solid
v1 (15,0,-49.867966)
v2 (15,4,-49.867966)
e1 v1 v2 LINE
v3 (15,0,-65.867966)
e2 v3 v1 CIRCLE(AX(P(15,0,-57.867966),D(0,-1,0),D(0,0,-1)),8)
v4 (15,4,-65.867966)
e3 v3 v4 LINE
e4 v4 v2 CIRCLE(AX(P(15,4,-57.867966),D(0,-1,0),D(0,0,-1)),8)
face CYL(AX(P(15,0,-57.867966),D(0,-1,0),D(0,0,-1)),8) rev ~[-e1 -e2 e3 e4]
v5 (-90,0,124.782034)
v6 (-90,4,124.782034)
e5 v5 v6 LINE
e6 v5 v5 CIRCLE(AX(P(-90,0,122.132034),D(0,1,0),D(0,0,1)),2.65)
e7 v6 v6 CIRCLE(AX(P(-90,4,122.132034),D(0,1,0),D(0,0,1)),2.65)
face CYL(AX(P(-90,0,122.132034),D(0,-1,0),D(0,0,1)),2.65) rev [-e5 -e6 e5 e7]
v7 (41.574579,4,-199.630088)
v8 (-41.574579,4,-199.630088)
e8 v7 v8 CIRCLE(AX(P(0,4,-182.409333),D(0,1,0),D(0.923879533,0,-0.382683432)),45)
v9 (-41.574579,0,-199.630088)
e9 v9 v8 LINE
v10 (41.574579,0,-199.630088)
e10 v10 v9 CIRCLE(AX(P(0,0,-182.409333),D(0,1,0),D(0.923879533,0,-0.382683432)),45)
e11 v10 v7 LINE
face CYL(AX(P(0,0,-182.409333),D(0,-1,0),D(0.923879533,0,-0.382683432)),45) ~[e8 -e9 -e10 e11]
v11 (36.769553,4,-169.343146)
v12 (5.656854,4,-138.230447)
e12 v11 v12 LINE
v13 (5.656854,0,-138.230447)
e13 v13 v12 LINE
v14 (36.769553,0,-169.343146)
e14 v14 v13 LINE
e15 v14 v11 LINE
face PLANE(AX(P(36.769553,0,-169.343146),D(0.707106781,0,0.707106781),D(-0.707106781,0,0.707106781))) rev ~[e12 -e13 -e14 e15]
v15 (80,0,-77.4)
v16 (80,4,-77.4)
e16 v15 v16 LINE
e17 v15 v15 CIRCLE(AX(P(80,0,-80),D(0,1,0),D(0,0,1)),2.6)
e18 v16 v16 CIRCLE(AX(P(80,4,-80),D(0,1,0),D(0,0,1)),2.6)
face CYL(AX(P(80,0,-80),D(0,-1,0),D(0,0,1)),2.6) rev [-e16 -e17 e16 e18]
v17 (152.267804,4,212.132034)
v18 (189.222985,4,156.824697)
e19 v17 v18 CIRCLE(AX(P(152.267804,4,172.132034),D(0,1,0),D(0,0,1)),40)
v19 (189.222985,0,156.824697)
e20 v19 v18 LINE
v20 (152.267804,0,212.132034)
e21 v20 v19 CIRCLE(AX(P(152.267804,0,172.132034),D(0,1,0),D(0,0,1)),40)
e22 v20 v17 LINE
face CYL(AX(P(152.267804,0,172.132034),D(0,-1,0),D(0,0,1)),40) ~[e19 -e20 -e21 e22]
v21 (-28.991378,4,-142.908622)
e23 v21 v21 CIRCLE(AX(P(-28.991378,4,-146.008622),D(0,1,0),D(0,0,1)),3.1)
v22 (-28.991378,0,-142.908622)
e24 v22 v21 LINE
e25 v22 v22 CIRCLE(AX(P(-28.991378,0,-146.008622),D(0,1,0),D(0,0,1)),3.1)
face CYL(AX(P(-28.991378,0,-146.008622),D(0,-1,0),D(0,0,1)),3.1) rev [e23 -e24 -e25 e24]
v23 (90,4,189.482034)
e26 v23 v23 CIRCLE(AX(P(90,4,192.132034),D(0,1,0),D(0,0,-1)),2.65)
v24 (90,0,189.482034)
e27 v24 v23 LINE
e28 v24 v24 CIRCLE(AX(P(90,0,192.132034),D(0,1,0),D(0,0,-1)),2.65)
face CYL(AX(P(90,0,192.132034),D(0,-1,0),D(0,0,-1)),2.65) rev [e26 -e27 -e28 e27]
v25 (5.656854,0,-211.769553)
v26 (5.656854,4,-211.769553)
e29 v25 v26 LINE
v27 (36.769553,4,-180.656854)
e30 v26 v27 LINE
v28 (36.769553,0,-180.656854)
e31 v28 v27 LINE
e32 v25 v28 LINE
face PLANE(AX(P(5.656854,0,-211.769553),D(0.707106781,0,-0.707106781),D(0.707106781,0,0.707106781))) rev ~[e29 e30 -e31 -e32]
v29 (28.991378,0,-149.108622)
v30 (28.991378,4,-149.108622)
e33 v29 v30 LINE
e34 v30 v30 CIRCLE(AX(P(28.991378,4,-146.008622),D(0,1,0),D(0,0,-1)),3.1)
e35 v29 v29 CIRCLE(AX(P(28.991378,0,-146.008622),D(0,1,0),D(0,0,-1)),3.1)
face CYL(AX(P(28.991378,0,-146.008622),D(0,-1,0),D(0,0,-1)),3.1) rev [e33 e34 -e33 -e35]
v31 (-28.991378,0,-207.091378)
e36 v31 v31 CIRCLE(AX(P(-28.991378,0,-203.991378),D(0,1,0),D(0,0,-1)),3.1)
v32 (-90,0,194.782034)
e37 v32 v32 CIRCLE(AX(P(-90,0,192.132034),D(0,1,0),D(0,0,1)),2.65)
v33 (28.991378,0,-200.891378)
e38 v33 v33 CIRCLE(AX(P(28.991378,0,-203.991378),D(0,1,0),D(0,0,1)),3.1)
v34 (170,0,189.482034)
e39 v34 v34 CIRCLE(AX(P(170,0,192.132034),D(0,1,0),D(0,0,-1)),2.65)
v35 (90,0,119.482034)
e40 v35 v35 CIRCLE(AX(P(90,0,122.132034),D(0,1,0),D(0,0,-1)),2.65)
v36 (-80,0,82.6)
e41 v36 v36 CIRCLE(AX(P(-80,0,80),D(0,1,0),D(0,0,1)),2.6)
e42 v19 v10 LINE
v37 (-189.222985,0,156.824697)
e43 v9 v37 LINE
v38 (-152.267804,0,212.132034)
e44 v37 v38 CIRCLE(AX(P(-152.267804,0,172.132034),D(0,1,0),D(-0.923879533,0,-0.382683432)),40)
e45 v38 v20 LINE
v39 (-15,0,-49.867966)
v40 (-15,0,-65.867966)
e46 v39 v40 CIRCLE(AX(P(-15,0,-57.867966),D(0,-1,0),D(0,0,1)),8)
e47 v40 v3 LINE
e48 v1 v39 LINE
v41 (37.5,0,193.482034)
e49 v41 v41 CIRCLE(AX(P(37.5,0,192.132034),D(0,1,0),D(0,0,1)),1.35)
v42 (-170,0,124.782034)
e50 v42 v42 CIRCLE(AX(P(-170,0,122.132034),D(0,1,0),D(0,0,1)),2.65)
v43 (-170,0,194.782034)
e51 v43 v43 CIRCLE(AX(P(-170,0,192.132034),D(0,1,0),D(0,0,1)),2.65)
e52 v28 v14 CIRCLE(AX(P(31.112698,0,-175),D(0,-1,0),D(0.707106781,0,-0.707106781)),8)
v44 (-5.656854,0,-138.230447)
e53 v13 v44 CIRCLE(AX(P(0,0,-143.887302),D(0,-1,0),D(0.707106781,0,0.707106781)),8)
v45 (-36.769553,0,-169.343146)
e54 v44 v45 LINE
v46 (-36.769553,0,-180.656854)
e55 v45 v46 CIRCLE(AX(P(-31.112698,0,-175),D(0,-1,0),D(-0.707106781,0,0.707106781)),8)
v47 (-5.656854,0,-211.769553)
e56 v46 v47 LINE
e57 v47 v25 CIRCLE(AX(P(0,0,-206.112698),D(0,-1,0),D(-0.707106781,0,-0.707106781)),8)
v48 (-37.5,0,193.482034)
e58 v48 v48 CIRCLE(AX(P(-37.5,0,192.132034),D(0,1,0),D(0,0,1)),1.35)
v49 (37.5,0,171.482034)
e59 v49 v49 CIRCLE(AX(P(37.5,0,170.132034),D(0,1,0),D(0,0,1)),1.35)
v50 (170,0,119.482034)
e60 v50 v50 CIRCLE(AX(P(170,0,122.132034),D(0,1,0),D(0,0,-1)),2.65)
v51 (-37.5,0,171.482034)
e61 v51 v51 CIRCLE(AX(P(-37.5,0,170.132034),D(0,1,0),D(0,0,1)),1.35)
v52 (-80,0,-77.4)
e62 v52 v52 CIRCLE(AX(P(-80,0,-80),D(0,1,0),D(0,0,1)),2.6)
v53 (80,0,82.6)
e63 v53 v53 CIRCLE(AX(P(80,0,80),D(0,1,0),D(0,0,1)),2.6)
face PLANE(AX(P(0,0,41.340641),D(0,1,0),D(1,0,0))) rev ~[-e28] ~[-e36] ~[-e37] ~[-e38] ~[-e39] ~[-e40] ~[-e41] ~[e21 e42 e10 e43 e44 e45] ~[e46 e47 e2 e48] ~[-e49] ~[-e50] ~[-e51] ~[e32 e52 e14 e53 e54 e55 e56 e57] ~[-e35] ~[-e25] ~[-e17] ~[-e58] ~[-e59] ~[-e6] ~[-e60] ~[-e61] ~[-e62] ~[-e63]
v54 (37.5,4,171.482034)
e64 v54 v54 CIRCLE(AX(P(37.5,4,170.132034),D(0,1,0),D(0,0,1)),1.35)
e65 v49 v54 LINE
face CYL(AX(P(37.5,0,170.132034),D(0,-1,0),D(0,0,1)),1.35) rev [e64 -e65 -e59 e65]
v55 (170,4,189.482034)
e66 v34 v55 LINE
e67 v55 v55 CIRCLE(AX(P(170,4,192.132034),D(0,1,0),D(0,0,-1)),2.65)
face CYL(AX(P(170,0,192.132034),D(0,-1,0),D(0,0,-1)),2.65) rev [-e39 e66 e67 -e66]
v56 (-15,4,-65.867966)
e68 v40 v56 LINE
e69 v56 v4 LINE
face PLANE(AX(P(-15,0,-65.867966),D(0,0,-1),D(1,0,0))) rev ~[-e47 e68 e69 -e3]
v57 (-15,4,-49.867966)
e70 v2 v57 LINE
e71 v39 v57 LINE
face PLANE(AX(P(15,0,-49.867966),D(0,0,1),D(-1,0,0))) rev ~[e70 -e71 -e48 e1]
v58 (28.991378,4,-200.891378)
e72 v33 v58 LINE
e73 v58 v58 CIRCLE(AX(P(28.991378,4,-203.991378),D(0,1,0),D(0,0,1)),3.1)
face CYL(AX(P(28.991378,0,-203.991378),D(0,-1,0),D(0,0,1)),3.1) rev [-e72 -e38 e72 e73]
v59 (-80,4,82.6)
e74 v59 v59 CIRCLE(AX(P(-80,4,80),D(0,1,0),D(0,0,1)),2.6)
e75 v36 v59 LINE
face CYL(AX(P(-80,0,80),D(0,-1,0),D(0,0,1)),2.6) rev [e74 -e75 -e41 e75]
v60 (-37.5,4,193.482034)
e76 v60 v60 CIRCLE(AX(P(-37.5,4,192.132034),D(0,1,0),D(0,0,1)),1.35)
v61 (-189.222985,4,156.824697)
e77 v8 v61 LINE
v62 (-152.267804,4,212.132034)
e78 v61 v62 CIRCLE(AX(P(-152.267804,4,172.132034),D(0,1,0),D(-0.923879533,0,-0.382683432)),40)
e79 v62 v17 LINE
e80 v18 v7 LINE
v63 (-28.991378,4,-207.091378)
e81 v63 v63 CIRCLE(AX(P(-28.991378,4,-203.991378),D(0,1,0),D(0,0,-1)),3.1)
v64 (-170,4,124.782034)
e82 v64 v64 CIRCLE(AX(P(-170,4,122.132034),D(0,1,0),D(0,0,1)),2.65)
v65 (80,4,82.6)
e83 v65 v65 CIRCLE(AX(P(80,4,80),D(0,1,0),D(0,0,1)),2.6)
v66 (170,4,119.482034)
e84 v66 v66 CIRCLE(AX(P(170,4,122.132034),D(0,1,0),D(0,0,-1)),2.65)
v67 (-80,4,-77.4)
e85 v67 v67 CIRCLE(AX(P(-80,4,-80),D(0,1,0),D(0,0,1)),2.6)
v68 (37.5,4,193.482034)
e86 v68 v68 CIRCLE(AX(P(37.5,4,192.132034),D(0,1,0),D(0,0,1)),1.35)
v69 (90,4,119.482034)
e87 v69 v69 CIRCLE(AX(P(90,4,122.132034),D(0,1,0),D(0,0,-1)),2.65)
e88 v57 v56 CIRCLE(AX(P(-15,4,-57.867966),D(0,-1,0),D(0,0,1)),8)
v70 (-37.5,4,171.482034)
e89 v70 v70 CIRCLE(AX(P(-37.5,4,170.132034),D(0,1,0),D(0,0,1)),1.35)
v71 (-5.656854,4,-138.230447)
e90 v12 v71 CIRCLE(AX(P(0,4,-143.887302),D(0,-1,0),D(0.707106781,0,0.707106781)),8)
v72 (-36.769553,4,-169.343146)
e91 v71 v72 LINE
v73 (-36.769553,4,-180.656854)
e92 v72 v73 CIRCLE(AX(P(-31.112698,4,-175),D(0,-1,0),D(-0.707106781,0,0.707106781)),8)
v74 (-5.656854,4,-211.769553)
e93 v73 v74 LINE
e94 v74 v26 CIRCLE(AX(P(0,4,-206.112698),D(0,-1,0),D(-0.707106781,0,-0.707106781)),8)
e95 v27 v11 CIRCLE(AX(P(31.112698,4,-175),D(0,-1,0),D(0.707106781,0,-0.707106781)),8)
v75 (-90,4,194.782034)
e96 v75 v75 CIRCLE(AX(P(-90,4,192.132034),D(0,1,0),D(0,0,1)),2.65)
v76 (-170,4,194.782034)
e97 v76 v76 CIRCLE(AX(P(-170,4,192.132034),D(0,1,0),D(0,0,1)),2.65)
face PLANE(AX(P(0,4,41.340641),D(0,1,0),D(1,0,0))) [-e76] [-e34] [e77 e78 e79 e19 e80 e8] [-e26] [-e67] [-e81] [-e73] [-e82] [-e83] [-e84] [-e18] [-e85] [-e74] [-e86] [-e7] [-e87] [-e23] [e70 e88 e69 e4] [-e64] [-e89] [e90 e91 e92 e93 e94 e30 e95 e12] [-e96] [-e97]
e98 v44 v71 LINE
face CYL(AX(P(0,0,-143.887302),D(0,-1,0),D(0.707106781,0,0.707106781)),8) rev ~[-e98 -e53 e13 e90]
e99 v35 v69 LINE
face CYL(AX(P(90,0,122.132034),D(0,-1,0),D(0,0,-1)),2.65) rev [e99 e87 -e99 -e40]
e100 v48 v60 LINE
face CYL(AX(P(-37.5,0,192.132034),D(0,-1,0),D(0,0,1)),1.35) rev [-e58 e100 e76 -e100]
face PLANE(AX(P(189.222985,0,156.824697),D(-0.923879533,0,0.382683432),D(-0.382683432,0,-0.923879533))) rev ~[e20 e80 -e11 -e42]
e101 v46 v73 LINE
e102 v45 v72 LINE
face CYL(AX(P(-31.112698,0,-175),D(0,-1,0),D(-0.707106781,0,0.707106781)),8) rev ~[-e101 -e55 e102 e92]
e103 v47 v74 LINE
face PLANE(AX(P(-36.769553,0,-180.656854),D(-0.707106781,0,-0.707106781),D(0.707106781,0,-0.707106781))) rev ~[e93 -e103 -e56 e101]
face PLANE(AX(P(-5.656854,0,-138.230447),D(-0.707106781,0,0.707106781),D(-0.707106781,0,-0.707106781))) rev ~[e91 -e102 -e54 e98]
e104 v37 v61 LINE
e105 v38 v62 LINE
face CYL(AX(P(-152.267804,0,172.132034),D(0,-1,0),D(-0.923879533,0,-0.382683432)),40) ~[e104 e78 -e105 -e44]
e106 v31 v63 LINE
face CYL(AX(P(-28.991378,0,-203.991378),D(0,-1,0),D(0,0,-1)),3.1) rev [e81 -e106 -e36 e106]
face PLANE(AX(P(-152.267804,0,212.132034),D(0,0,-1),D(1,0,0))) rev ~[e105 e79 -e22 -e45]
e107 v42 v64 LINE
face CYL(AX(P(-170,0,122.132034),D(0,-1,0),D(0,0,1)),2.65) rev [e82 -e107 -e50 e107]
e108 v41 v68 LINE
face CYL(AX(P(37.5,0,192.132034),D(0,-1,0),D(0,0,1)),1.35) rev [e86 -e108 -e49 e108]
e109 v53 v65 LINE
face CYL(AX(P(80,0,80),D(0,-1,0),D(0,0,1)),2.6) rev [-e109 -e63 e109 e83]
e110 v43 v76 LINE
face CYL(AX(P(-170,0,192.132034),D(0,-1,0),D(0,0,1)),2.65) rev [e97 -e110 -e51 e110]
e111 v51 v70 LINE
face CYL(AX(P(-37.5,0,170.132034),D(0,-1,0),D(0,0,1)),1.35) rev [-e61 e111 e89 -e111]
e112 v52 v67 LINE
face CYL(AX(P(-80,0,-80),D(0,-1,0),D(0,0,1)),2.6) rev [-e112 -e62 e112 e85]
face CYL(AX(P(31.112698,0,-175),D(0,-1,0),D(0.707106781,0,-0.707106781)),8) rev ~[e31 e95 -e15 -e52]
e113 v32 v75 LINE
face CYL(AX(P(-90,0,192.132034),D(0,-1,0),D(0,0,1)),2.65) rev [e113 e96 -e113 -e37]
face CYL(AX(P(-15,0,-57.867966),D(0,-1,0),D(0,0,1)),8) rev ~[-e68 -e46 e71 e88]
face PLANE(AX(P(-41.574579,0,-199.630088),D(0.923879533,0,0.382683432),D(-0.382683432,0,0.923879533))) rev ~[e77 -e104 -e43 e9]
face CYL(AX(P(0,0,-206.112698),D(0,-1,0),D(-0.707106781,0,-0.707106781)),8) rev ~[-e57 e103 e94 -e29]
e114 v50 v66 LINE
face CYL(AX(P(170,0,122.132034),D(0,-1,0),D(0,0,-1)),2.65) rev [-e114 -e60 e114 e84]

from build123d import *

# Parameters (mm, degrees)
SKETCH_2_R      = 3.1
SKETCH_2_R_2    = 2.65
SKETCH_2_R_3    = 1.35
SKETCH_2_R_4    = 2.6
EXTRUDE_2_DEPTH = 4


with BuildPart() as part:
    # 草图2 → 凸台-拉伸2 (new body)
    with BuildSketch(Plane(origin=(0, 0, 0), x_dir=(1, 0, 0), z_dir=(0, 1, 0))):
        with BuildLine():
            Line((-41.574578963, 199.630087618), (-189.22298515, -156.824697061))
            ThreePointArc((-189.22298515, -156.824697061), (-185.526588341, -194.354843677), (-152.267803849, -212.132034356))
            Line((-152.267803849, -212.132034356), (152.267803849, -212.132034356))
            ThreePointArc((152.267803849, -212.132034356), (185.526588341, -194.354843677), (189.22298515, -156.824697061))
            Line((189.22298515, -156.824697061), (41.574578963, 199.630087618))
            ThreePointArc((41.574578963, 199.630087618), (0, 227.409333161), (-41.574578963, 199.630087618))
        make_face()
        with Locations(Location((28.991378029, 203.991378029, 0), (0, 0, 270))):
            Circle(SKETCH_2_R, mode=Mode.SUBTRACT)
        with Locations(Location((-28.991378029, 203.991378029, 0), (0, 0, 90))):
            Circle(SKETCH_2_R, mode=Mode.SUBTRACT)
        with Locations(Location((28.991378029, 146.008621971, 0), (0, 0, 90))):
            Circle(SKETCH_2_R, mode=Mode.SUBTRACT)
        with Locations(Location((-28.991378029, 146.008621971, 0), (0, 0, 270))):
            Circle(SKETCH_2_R, mode=Mode.SUBTRACT)
        with Locations(Location((-170, -122.132034356, 0), (0, 0, 270))):
            Circle(SKETCH_2_R_2, mode=Mode.SUBTRACT)
        with Locations(Location((-90, -122.132034356, 0), (0, 0, 270))):
            Circle(SKETCH_2_R_2, mode=Mode.SUBTRACT)
        with Locations(Location((-90, -192.132034356, 0), (0, 0, 270))):
            Circle(SKETCH_2_R_2, mode=Mode.SUBTRACT)
        with Locations(Location((-170, -192.132034356, 0), (0, 0, 270))):
            Circle(SKETCH_2_R_2, mode=Mode.SUBTRACT)
        with Locations(Location((90, -192.132034356, 0), (0, 0, 90))):
            Circle(SKETCH_2_R_2, mode=Mode.SUBTRACT)
        with Locations(Location((170, -192.132034356, 0), (0, 0, 90))):
            Circle(SKETCH_2_R_2, mode=Mode.SUBTRACT)
        with Locations(Location((90, -122.132034356, 0), (0, 0, 90))):
            Circle(SKETCH_2_R_2, mode=Mode.SUBTRACT)
        with Locations(Location((170, -122.132034356, 0), (0, 0, 90))):
            Circle(SKETCH_2_R_2, mode=Mode.SUBTRACT)
        with Locations(Location((37.5, -170.132034356, 0), (0, 0, 270))):
            Circle(SKETCH_2_R_3, mode=Mode.SUBTRACT)
        with Locations(Location((-37.5, -170.132034356, 0), (0, 0, 270))):
            Circle(SKETCH_2_R_3, mode=Mode.SUBTRACT)
        with Locations(Location((-37.5, -192.132034356, 0), (0, 0, 270))):
            Circle(SKETCH_2_R_3, mode=Mode.SUBTRACT)
        with Locations(Location((37.5, -192.132034356, 0), (0, 0, 270))):
            Circle(SKETCH_2_R_3, mode=Mode.SUBTRACT)
        with Locations(Location((-80, 80, 0), (0, 0, 270))):
            Circle(SKETCH_2_R_4, mode=Mode.SUBTRACT)
        with Locations(Location((80, 80, 0), (0, 0, 270))):
            Circle(SKETCH_2_R_4, mode=Mode.SUBTRACT)
        with Locations(Location((80, -80, 0), (0, 0, 270))):
            Circle(SKETCH_2_R_4, mode=Mode.SUBTRACT)
        with Locations(Location((-80, -80, 0), (0, 0, 270))):
            Circle(SKETCH_2_R_4, mode=Mode.SUBTRACT)
        with BuildLine():
            Line((-36.769552622, 180.656854249), (-5.656854249, 211.769552622))
            ThreePointArc((-5.656854249, 211.769552622), (0, 214.112698372), (5.656854249, 211.769552622))
            Line((5.656854249, 211.769552622), (36.769552622, 180.656854249))
            ThreePointArc((36.769552622, 180.656854249), (39.112698372, 175), (36.769552622, 169.343145751))
            Line((36.769552622, 169.343145751), (5.656854249, 138.230447378))
            ThreePointArc((5.656854249, 138.230447378), (0, 135.887301628), (-5.656854249, 138.230447378))
            Line((-5.656854249, 138.230447378), (-36.769552622, 169.343145751))
            ThreePointArc((-36.769552622, 169.343145751), (-39.112698372, 175), (-36.769552622, 180.656854249))
        make_face(mode=Mode.SUBTRACT)
        with BuildLine():
            Line((-15, 65.867965644), (15, 65.867965644))
            ThreePointArc((15, 65.867965644), (23, 57.867965644), (15, 49.867965644))
            Line((15, 49.867965644), (-15, 49.867965644))
            ThreePointArc((-15, 49.867965644), (-23, 57.867965644), (-15, 65.867965644))
        make_face(mode=Mode.SUBTRACT)
    extrude(amount=EXTRUDE_2_DEPTH)


solid = part.part
